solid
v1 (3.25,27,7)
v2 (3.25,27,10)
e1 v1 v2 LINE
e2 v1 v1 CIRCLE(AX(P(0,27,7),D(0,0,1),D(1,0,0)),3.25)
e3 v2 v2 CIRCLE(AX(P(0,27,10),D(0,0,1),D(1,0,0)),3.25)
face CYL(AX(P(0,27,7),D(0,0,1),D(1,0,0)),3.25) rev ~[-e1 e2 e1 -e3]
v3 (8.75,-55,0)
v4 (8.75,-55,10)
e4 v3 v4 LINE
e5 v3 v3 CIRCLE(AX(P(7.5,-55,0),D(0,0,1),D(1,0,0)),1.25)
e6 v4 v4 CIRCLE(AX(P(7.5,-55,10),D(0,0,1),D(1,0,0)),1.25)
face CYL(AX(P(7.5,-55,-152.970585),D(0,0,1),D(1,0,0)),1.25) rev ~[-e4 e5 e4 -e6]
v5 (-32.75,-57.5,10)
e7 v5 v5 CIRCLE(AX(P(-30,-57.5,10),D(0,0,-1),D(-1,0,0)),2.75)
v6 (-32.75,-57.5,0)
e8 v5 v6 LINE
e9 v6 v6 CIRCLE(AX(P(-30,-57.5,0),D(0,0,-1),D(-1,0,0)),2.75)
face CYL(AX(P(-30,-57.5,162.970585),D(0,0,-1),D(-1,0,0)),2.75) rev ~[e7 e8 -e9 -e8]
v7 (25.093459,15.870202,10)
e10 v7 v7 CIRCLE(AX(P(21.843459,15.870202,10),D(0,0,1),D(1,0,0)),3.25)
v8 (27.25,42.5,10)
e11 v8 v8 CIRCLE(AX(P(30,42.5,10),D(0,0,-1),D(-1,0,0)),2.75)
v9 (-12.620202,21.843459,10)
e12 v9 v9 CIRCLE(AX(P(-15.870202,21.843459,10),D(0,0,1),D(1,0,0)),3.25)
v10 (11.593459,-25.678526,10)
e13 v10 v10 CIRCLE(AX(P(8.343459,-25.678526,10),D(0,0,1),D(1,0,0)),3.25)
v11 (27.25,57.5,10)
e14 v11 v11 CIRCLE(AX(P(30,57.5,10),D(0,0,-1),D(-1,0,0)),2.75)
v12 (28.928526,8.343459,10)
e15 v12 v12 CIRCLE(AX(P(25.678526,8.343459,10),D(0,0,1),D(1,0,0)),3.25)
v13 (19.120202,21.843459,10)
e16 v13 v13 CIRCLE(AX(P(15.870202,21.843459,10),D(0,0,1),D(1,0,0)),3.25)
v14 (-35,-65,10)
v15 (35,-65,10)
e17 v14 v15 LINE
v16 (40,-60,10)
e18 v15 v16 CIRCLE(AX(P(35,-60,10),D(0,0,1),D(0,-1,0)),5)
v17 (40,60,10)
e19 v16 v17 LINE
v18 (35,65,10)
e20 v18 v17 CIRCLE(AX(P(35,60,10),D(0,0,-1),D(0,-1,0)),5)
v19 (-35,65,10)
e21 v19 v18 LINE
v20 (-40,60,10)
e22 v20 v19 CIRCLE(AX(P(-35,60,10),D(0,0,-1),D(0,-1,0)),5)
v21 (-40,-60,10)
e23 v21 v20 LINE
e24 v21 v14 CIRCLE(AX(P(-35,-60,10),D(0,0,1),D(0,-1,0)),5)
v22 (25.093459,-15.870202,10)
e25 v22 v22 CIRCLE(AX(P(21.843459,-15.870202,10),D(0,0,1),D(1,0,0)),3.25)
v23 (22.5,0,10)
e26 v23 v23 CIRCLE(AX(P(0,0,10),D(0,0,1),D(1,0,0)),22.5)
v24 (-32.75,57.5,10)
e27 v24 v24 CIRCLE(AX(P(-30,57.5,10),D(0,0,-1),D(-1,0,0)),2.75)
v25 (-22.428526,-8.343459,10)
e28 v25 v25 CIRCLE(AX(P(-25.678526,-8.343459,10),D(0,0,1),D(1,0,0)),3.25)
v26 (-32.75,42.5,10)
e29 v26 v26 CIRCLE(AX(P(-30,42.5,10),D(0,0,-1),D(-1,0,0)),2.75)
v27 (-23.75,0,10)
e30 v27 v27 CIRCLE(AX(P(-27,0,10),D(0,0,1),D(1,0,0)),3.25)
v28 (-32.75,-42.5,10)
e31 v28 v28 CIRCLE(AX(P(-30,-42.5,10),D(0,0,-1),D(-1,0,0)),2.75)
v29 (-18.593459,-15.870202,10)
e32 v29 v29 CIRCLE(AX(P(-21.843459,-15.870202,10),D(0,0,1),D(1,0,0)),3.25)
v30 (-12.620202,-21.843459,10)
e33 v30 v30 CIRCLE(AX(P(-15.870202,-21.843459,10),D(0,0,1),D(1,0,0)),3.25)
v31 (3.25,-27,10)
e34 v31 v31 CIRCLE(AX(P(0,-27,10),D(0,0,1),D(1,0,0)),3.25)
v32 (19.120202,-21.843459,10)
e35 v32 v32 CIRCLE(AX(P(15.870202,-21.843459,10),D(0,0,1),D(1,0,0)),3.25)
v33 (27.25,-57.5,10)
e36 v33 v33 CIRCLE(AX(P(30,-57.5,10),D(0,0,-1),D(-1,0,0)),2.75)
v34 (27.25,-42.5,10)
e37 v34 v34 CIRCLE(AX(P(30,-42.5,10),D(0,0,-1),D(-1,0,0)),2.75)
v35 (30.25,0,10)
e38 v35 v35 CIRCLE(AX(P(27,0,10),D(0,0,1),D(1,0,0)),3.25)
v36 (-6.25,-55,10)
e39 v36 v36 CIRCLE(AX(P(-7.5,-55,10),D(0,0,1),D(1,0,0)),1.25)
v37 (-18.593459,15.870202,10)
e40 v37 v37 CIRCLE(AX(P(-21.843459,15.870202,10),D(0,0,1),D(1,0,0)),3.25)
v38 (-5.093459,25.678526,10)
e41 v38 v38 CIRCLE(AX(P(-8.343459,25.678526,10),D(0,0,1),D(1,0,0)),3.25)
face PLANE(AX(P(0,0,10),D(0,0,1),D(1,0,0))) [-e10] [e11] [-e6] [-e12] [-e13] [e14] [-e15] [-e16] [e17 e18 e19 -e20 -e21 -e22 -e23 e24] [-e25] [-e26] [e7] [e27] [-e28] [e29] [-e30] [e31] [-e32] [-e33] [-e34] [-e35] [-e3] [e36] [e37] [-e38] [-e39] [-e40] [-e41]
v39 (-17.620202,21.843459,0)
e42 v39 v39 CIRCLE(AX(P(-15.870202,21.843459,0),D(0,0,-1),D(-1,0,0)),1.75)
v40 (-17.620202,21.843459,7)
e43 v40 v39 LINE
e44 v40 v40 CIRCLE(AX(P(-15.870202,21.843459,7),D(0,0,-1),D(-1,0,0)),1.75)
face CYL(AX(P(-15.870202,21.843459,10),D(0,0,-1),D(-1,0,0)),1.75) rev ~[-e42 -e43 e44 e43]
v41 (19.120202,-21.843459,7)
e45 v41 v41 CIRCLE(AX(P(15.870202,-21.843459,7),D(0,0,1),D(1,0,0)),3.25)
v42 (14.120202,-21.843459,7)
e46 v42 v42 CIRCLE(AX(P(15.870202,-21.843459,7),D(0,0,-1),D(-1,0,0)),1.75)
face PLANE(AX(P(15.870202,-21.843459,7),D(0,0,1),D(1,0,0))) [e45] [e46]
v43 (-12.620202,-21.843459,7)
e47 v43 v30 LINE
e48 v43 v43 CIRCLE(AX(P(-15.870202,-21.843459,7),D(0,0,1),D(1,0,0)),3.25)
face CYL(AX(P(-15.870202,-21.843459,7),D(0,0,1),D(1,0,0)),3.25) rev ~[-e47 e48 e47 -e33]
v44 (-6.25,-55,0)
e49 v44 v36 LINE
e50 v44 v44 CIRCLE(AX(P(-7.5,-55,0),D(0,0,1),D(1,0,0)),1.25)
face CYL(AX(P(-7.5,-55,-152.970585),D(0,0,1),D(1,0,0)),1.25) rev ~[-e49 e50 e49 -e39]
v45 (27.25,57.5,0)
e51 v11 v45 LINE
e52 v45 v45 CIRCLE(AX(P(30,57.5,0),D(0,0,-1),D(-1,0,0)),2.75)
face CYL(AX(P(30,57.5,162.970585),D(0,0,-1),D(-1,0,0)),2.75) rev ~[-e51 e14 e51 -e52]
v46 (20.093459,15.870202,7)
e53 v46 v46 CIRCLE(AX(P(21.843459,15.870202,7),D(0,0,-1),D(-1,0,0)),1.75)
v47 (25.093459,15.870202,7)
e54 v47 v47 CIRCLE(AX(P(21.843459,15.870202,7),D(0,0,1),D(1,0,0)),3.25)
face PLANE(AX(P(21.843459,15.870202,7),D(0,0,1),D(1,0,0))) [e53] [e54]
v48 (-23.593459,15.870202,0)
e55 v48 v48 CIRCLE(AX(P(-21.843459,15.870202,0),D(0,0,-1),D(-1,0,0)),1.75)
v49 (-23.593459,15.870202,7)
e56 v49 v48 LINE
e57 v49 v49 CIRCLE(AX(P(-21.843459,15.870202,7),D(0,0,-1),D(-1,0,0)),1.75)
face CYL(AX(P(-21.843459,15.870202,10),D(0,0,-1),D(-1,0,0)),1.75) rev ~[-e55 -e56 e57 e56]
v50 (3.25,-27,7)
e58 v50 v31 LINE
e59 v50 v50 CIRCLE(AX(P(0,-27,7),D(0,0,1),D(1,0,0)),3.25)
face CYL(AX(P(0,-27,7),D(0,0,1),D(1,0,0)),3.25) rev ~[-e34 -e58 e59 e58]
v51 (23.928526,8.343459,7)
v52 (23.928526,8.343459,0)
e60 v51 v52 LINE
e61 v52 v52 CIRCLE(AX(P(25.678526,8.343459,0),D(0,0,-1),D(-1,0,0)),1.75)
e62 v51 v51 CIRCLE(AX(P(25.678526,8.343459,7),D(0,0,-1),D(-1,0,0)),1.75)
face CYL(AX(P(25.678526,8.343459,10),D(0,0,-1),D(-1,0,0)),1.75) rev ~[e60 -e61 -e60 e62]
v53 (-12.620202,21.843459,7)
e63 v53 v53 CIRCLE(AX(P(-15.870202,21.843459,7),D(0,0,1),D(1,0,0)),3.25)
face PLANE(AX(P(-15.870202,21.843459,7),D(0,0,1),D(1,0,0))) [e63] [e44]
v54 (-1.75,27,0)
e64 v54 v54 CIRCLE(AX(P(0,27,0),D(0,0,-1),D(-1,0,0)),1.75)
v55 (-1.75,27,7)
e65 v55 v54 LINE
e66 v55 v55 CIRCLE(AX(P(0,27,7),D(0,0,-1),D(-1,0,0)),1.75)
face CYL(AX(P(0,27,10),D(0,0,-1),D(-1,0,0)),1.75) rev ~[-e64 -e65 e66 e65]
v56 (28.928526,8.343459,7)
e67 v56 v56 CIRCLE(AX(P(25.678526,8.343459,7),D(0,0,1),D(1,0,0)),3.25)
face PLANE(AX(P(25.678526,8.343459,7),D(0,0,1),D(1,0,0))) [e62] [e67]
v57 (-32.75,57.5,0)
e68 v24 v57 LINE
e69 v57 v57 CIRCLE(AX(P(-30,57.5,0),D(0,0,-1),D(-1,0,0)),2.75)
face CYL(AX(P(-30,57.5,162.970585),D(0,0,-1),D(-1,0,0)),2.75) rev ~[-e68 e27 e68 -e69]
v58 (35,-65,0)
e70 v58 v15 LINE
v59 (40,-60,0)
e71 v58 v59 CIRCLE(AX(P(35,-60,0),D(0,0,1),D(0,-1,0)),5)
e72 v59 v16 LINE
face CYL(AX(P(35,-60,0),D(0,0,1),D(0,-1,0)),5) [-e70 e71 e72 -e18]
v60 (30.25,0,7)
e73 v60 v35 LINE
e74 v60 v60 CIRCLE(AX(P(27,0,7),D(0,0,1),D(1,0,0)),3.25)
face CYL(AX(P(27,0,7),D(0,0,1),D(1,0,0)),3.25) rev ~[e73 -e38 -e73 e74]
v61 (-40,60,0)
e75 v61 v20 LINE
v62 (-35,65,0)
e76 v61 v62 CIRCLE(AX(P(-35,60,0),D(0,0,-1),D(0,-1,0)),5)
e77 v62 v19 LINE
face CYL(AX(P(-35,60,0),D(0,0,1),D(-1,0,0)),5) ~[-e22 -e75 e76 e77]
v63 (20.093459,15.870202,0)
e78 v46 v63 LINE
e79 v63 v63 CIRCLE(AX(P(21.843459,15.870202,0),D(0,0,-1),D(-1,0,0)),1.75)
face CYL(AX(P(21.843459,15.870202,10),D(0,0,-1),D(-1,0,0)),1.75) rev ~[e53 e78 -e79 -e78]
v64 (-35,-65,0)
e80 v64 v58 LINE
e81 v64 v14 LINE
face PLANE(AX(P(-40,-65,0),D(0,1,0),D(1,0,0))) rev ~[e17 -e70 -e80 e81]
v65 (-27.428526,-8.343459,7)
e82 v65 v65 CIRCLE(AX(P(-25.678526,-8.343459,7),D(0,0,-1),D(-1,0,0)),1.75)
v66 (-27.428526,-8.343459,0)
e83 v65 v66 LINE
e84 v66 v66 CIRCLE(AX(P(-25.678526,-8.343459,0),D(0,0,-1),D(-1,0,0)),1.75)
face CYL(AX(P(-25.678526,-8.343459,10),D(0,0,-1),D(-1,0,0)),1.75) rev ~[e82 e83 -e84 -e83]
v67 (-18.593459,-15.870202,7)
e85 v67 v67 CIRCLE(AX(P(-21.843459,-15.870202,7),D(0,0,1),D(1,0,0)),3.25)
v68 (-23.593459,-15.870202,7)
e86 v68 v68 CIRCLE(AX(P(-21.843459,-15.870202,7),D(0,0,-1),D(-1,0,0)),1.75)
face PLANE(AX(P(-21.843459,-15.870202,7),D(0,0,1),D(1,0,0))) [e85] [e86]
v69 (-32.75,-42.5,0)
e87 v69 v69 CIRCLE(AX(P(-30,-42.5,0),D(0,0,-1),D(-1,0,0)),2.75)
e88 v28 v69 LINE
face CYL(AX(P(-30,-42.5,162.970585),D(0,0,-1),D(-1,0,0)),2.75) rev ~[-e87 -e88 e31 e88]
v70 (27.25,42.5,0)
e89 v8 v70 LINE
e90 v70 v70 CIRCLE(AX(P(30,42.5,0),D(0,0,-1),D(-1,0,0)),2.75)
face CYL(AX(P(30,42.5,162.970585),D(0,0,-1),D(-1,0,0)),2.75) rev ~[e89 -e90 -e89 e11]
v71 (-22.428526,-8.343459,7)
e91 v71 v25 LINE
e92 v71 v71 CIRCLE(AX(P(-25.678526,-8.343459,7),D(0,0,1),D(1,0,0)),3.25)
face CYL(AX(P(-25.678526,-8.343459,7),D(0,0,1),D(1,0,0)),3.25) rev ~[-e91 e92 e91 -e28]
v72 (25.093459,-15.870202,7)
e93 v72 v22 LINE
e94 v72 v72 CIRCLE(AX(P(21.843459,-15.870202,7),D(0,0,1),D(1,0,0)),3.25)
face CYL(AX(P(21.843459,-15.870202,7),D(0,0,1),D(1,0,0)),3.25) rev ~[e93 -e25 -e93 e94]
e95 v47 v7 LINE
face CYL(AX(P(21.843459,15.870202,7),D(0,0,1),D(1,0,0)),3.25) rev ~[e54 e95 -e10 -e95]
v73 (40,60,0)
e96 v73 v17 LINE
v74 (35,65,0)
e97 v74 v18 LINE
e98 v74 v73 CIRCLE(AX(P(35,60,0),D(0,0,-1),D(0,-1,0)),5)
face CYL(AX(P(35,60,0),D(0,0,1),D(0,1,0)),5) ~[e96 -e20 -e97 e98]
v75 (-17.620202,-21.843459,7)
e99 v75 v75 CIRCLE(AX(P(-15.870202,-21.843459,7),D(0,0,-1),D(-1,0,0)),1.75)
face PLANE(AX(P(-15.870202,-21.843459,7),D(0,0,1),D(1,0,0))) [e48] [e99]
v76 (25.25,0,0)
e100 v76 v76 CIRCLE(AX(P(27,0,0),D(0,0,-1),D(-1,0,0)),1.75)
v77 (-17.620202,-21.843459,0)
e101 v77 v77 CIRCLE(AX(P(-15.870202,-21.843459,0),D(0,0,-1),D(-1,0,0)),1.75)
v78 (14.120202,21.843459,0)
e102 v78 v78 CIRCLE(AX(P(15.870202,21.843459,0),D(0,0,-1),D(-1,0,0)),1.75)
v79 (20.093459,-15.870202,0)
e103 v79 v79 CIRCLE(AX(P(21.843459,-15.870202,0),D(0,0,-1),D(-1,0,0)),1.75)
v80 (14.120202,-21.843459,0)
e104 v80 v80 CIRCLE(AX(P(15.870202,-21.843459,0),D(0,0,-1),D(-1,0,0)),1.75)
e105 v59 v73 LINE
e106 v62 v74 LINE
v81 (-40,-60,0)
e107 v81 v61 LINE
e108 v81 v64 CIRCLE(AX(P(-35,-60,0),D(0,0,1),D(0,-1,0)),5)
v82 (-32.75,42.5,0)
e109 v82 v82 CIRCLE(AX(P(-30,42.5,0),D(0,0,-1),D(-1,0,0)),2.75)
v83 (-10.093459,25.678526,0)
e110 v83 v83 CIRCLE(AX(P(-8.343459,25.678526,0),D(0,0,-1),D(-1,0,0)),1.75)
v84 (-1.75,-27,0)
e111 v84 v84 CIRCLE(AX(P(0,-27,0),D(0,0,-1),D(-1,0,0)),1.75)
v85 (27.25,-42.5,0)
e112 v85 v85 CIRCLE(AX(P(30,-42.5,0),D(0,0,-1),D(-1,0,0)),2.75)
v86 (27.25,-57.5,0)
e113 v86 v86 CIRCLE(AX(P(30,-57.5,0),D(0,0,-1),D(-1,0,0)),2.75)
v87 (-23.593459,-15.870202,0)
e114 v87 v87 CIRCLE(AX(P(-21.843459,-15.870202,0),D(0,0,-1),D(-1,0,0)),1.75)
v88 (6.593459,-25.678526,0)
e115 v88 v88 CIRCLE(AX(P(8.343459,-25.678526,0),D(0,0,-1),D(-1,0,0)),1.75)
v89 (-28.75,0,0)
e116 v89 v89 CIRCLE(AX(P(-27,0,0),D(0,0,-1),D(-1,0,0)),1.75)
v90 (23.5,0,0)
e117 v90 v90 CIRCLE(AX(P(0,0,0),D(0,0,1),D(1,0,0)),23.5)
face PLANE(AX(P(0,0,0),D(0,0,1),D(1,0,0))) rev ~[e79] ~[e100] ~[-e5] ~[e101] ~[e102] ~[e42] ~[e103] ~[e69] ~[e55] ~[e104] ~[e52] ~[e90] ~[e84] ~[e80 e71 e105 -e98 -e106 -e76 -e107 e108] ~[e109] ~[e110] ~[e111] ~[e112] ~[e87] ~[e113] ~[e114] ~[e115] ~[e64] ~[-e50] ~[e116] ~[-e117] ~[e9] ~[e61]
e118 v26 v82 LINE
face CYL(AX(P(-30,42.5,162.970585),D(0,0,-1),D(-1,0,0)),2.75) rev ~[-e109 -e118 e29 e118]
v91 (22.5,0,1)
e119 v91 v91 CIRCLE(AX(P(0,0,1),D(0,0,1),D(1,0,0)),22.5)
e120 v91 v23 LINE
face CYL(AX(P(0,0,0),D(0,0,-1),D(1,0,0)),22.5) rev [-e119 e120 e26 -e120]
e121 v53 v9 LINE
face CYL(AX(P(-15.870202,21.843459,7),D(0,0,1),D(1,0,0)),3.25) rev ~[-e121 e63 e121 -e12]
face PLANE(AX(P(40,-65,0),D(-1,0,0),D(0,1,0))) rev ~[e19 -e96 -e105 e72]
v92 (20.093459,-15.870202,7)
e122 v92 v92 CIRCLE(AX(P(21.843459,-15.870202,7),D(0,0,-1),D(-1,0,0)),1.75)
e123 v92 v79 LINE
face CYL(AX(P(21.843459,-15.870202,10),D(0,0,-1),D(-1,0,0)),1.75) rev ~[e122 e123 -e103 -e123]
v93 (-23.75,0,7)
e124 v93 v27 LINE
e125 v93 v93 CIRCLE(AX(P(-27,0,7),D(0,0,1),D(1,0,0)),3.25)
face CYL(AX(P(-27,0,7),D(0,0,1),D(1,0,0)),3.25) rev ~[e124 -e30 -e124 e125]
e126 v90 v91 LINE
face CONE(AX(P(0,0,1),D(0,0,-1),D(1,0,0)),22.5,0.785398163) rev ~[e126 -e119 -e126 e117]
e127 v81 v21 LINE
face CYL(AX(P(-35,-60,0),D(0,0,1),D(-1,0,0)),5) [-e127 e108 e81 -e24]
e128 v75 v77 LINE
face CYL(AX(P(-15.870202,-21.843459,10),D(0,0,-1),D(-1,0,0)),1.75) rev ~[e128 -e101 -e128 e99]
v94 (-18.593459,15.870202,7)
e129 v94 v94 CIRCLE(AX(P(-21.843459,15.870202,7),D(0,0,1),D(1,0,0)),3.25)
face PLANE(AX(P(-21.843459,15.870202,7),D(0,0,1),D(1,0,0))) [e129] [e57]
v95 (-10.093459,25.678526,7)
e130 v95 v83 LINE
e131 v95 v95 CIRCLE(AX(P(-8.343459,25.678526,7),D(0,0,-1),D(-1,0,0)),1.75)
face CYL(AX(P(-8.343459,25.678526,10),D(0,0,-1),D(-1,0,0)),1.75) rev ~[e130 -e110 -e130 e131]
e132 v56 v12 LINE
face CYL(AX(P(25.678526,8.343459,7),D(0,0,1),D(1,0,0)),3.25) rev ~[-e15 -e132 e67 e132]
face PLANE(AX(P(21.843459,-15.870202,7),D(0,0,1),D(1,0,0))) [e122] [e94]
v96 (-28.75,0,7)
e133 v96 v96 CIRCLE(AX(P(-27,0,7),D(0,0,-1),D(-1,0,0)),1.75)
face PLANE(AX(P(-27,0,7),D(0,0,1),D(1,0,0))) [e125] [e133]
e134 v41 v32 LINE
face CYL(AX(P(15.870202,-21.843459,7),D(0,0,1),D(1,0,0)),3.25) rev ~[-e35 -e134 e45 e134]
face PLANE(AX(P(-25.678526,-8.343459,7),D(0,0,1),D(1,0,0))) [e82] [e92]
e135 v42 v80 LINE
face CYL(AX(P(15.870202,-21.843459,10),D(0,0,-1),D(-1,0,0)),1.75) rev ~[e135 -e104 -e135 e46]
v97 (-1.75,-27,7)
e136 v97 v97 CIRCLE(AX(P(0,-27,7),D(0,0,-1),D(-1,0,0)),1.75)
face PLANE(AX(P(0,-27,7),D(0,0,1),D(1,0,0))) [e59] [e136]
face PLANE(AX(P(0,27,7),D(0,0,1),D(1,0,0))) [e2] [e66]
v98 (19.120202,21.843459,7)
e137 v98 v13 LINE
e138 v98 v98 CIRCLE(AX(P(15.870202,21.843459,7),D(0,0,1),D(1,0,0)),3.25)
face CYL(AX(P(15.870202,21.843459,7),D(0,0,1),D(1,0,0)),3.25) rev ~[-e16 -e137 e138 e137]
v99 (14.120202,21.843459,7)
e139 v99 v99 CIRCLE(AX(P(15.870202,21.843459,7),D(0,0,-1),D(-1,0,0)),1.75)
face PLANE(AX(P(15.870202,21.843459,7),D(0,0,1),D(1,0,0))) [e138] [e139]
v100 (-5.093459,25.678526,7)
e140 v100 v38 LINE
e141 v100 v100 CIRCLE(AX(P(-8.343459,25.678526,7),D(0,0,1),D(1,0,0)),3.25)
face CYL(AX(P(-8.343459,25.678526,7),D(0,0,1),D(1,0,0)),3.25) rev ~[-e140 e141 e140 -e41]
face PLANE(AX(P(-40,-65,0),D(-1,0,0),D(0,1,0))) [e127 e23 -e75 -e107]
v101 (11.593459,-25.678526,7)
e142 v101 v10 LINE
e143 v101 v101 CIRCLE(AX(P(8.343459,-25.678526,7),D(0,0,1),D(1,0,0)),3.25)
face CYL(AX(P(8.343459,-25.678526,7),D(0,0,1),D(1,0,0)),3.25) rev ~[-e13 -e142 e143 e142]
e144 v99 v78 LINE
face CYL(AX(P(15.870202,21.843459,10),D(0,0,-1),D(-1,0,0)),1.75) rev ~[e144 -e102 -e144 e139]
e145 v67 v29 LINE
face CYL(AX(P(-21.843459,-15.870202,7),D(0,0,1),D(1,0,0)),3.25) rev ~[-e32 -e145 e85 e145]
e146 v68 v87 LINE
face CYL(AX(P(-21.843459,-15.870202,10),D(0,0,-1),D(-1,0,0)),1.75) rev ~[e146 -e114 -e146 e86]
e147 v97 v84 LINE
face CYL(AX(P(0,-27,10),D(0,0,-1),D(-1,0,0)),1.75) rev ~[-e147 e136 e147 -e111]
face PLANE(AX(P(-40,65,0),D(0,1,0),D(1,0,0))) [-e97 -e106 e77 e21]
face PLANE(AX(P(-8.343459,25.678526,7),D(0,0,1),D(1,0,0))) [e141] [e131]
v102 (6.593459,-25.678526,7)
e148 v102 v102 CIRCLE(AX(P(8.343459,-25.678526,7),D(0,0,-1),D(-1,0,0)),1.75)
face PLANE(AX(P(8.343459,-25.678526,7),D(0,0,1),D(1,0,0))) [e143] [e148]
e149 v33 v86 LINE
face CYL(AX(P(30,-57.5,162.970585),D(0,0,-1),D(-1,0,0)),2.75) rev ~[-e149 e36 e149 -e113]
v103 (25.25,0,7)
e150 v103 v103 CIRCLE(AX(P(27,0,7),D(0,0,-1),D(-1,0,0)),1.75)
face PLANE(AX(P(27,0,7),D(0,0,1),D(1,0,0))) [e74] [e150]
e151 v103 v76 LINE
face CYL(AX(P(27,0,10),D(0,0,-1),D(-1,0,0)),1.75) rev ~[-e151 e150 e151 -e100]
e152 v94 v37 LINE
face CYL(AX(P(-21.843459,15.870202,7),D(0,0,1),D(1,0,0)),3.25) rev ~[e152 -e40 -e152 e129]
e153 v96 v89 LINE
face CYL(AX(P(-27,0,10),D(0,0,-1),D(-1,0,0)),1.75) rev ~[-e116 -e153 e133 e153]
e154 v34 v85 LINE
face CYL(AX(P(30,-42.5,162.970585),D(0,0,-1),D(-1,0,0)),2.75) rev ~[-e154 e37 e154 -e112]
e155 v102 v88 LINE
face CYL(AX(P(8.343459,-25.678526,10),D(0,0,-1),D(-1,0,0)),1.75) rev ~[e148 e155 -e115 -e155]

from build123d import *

# Parameters (mm, degrees)
SKETCH1_W                                           = 80
SKETCH1_H                                           = 130
SKETCH1_R                                           = 22.5
BOSS_EXTRUDE1_DEPTH                                 = 10
CBORE_FOR_M3_HEX_SOCKET_HEAD_CAP_SCREW1_D           = 3.5
CBORE_FOR_M3_HEX_SOCKET_HEAD_CAP_SCREW1_CBORE_D     = 6.5
CBORE_FOR_M3_HEX_SOCKET_HEAD_CAP_SCREW1_CBORE_DEPTH = 3
CHAMFER1_SIZE                                       = 1
F_5_5_5_5_DIAMETER_HOLE1_D                          = 5.5
FILLET1_R                                           = 5
M3_TAPPED_HOLE1_D                                   = 2.5


with BuildPart() as part:
    # Sketch1 → Boss-Extrude1 (new body)
    with BuildSketch(Plane.XY):
        Rectangle(SKETCH1_W, SKETCH1_H)
        Circle(SKETCH1_R, mode=Mode.SUBTRACT)
    extrude(amount=BOSS_EXTRUDE1_DEPTH)

    # CBORE for M3 Hex Socket Head Cap Screw1 (through all)
    with Locations(Plane.XY.offset(10)):
        with Locations((-27, 0), (-25.67852594, -8.343458848), (-21.843458848, -15.870201812), (-15.870201812, -21.843458848), (27, 0), (25.67852594, 8.343458848), (21.843458848, 15.870201812), (15.870201812, 21.843458848), (0, 27), (-8.343458848, 25.67852594), (-15.870201812, 21.843458848), (-21.843458848, 15.870201812), (0, -27), (8.343458848, -25.67852594), (15.870201812, -21.843458848), (21.843458848, -15.870201812)):
            CounterBoreHole(CBORE_FOR_M3_HEX_SOCKET_HEAD_CAP_SCREW1_D / 2, CBORE_FOR_M3_HEX_SOCKET_HEAD_CAP_SCREW1_CBORE_D / 2, CBORE_FOR_M3_HEX_SOCKET_HEAD_CAP_SCREW1_CBORE_DEPTH)

    # Chamfer1
    chamfer1_edges = [part.edges().sort_by_distance(p)[0] for p in [
        (-22.5, 0, 0),
    ]]
    chamfer(chamfer1_edges, length=CHAMFER1_SIZE)

    # Ø5.5 (5.5) Diameter Hole1 (through all)
    with Locations(Plane.XY.offset(10)):
        with Locations((-30, 57.5), (30, 57.5), (30, -57.5), (-30, -57.5), (-30, -42.5), (-30, 42.5), (30, 42.5), (30, -42.5)):
            Hole(F_5_5_5_5_DIAMETER_HOLE1_D / 2)

    # Fillet1
    fillet1_edges = [part.edges().sort_by_distance(p)[0] for p in [
        (-40, 65, 5),
        (40, 65, 5),
        (40, -65, 5),
        (-40, -65, 5),
    ]]
    fillet(fillet1_edges, radius=FILLET1_R)

    # M3 Tapped Hole1 (through all)
    with Locations(Plane(origin=(0, 0, 0), x_dir=(-1, 0, 0), z_dir=(0, 0, -1))):
        with Locations((-7.5, -55), (7.5, -55)):
            Hole(M3_TAPPED_HOLE1_D / 2)


solid = part.part
